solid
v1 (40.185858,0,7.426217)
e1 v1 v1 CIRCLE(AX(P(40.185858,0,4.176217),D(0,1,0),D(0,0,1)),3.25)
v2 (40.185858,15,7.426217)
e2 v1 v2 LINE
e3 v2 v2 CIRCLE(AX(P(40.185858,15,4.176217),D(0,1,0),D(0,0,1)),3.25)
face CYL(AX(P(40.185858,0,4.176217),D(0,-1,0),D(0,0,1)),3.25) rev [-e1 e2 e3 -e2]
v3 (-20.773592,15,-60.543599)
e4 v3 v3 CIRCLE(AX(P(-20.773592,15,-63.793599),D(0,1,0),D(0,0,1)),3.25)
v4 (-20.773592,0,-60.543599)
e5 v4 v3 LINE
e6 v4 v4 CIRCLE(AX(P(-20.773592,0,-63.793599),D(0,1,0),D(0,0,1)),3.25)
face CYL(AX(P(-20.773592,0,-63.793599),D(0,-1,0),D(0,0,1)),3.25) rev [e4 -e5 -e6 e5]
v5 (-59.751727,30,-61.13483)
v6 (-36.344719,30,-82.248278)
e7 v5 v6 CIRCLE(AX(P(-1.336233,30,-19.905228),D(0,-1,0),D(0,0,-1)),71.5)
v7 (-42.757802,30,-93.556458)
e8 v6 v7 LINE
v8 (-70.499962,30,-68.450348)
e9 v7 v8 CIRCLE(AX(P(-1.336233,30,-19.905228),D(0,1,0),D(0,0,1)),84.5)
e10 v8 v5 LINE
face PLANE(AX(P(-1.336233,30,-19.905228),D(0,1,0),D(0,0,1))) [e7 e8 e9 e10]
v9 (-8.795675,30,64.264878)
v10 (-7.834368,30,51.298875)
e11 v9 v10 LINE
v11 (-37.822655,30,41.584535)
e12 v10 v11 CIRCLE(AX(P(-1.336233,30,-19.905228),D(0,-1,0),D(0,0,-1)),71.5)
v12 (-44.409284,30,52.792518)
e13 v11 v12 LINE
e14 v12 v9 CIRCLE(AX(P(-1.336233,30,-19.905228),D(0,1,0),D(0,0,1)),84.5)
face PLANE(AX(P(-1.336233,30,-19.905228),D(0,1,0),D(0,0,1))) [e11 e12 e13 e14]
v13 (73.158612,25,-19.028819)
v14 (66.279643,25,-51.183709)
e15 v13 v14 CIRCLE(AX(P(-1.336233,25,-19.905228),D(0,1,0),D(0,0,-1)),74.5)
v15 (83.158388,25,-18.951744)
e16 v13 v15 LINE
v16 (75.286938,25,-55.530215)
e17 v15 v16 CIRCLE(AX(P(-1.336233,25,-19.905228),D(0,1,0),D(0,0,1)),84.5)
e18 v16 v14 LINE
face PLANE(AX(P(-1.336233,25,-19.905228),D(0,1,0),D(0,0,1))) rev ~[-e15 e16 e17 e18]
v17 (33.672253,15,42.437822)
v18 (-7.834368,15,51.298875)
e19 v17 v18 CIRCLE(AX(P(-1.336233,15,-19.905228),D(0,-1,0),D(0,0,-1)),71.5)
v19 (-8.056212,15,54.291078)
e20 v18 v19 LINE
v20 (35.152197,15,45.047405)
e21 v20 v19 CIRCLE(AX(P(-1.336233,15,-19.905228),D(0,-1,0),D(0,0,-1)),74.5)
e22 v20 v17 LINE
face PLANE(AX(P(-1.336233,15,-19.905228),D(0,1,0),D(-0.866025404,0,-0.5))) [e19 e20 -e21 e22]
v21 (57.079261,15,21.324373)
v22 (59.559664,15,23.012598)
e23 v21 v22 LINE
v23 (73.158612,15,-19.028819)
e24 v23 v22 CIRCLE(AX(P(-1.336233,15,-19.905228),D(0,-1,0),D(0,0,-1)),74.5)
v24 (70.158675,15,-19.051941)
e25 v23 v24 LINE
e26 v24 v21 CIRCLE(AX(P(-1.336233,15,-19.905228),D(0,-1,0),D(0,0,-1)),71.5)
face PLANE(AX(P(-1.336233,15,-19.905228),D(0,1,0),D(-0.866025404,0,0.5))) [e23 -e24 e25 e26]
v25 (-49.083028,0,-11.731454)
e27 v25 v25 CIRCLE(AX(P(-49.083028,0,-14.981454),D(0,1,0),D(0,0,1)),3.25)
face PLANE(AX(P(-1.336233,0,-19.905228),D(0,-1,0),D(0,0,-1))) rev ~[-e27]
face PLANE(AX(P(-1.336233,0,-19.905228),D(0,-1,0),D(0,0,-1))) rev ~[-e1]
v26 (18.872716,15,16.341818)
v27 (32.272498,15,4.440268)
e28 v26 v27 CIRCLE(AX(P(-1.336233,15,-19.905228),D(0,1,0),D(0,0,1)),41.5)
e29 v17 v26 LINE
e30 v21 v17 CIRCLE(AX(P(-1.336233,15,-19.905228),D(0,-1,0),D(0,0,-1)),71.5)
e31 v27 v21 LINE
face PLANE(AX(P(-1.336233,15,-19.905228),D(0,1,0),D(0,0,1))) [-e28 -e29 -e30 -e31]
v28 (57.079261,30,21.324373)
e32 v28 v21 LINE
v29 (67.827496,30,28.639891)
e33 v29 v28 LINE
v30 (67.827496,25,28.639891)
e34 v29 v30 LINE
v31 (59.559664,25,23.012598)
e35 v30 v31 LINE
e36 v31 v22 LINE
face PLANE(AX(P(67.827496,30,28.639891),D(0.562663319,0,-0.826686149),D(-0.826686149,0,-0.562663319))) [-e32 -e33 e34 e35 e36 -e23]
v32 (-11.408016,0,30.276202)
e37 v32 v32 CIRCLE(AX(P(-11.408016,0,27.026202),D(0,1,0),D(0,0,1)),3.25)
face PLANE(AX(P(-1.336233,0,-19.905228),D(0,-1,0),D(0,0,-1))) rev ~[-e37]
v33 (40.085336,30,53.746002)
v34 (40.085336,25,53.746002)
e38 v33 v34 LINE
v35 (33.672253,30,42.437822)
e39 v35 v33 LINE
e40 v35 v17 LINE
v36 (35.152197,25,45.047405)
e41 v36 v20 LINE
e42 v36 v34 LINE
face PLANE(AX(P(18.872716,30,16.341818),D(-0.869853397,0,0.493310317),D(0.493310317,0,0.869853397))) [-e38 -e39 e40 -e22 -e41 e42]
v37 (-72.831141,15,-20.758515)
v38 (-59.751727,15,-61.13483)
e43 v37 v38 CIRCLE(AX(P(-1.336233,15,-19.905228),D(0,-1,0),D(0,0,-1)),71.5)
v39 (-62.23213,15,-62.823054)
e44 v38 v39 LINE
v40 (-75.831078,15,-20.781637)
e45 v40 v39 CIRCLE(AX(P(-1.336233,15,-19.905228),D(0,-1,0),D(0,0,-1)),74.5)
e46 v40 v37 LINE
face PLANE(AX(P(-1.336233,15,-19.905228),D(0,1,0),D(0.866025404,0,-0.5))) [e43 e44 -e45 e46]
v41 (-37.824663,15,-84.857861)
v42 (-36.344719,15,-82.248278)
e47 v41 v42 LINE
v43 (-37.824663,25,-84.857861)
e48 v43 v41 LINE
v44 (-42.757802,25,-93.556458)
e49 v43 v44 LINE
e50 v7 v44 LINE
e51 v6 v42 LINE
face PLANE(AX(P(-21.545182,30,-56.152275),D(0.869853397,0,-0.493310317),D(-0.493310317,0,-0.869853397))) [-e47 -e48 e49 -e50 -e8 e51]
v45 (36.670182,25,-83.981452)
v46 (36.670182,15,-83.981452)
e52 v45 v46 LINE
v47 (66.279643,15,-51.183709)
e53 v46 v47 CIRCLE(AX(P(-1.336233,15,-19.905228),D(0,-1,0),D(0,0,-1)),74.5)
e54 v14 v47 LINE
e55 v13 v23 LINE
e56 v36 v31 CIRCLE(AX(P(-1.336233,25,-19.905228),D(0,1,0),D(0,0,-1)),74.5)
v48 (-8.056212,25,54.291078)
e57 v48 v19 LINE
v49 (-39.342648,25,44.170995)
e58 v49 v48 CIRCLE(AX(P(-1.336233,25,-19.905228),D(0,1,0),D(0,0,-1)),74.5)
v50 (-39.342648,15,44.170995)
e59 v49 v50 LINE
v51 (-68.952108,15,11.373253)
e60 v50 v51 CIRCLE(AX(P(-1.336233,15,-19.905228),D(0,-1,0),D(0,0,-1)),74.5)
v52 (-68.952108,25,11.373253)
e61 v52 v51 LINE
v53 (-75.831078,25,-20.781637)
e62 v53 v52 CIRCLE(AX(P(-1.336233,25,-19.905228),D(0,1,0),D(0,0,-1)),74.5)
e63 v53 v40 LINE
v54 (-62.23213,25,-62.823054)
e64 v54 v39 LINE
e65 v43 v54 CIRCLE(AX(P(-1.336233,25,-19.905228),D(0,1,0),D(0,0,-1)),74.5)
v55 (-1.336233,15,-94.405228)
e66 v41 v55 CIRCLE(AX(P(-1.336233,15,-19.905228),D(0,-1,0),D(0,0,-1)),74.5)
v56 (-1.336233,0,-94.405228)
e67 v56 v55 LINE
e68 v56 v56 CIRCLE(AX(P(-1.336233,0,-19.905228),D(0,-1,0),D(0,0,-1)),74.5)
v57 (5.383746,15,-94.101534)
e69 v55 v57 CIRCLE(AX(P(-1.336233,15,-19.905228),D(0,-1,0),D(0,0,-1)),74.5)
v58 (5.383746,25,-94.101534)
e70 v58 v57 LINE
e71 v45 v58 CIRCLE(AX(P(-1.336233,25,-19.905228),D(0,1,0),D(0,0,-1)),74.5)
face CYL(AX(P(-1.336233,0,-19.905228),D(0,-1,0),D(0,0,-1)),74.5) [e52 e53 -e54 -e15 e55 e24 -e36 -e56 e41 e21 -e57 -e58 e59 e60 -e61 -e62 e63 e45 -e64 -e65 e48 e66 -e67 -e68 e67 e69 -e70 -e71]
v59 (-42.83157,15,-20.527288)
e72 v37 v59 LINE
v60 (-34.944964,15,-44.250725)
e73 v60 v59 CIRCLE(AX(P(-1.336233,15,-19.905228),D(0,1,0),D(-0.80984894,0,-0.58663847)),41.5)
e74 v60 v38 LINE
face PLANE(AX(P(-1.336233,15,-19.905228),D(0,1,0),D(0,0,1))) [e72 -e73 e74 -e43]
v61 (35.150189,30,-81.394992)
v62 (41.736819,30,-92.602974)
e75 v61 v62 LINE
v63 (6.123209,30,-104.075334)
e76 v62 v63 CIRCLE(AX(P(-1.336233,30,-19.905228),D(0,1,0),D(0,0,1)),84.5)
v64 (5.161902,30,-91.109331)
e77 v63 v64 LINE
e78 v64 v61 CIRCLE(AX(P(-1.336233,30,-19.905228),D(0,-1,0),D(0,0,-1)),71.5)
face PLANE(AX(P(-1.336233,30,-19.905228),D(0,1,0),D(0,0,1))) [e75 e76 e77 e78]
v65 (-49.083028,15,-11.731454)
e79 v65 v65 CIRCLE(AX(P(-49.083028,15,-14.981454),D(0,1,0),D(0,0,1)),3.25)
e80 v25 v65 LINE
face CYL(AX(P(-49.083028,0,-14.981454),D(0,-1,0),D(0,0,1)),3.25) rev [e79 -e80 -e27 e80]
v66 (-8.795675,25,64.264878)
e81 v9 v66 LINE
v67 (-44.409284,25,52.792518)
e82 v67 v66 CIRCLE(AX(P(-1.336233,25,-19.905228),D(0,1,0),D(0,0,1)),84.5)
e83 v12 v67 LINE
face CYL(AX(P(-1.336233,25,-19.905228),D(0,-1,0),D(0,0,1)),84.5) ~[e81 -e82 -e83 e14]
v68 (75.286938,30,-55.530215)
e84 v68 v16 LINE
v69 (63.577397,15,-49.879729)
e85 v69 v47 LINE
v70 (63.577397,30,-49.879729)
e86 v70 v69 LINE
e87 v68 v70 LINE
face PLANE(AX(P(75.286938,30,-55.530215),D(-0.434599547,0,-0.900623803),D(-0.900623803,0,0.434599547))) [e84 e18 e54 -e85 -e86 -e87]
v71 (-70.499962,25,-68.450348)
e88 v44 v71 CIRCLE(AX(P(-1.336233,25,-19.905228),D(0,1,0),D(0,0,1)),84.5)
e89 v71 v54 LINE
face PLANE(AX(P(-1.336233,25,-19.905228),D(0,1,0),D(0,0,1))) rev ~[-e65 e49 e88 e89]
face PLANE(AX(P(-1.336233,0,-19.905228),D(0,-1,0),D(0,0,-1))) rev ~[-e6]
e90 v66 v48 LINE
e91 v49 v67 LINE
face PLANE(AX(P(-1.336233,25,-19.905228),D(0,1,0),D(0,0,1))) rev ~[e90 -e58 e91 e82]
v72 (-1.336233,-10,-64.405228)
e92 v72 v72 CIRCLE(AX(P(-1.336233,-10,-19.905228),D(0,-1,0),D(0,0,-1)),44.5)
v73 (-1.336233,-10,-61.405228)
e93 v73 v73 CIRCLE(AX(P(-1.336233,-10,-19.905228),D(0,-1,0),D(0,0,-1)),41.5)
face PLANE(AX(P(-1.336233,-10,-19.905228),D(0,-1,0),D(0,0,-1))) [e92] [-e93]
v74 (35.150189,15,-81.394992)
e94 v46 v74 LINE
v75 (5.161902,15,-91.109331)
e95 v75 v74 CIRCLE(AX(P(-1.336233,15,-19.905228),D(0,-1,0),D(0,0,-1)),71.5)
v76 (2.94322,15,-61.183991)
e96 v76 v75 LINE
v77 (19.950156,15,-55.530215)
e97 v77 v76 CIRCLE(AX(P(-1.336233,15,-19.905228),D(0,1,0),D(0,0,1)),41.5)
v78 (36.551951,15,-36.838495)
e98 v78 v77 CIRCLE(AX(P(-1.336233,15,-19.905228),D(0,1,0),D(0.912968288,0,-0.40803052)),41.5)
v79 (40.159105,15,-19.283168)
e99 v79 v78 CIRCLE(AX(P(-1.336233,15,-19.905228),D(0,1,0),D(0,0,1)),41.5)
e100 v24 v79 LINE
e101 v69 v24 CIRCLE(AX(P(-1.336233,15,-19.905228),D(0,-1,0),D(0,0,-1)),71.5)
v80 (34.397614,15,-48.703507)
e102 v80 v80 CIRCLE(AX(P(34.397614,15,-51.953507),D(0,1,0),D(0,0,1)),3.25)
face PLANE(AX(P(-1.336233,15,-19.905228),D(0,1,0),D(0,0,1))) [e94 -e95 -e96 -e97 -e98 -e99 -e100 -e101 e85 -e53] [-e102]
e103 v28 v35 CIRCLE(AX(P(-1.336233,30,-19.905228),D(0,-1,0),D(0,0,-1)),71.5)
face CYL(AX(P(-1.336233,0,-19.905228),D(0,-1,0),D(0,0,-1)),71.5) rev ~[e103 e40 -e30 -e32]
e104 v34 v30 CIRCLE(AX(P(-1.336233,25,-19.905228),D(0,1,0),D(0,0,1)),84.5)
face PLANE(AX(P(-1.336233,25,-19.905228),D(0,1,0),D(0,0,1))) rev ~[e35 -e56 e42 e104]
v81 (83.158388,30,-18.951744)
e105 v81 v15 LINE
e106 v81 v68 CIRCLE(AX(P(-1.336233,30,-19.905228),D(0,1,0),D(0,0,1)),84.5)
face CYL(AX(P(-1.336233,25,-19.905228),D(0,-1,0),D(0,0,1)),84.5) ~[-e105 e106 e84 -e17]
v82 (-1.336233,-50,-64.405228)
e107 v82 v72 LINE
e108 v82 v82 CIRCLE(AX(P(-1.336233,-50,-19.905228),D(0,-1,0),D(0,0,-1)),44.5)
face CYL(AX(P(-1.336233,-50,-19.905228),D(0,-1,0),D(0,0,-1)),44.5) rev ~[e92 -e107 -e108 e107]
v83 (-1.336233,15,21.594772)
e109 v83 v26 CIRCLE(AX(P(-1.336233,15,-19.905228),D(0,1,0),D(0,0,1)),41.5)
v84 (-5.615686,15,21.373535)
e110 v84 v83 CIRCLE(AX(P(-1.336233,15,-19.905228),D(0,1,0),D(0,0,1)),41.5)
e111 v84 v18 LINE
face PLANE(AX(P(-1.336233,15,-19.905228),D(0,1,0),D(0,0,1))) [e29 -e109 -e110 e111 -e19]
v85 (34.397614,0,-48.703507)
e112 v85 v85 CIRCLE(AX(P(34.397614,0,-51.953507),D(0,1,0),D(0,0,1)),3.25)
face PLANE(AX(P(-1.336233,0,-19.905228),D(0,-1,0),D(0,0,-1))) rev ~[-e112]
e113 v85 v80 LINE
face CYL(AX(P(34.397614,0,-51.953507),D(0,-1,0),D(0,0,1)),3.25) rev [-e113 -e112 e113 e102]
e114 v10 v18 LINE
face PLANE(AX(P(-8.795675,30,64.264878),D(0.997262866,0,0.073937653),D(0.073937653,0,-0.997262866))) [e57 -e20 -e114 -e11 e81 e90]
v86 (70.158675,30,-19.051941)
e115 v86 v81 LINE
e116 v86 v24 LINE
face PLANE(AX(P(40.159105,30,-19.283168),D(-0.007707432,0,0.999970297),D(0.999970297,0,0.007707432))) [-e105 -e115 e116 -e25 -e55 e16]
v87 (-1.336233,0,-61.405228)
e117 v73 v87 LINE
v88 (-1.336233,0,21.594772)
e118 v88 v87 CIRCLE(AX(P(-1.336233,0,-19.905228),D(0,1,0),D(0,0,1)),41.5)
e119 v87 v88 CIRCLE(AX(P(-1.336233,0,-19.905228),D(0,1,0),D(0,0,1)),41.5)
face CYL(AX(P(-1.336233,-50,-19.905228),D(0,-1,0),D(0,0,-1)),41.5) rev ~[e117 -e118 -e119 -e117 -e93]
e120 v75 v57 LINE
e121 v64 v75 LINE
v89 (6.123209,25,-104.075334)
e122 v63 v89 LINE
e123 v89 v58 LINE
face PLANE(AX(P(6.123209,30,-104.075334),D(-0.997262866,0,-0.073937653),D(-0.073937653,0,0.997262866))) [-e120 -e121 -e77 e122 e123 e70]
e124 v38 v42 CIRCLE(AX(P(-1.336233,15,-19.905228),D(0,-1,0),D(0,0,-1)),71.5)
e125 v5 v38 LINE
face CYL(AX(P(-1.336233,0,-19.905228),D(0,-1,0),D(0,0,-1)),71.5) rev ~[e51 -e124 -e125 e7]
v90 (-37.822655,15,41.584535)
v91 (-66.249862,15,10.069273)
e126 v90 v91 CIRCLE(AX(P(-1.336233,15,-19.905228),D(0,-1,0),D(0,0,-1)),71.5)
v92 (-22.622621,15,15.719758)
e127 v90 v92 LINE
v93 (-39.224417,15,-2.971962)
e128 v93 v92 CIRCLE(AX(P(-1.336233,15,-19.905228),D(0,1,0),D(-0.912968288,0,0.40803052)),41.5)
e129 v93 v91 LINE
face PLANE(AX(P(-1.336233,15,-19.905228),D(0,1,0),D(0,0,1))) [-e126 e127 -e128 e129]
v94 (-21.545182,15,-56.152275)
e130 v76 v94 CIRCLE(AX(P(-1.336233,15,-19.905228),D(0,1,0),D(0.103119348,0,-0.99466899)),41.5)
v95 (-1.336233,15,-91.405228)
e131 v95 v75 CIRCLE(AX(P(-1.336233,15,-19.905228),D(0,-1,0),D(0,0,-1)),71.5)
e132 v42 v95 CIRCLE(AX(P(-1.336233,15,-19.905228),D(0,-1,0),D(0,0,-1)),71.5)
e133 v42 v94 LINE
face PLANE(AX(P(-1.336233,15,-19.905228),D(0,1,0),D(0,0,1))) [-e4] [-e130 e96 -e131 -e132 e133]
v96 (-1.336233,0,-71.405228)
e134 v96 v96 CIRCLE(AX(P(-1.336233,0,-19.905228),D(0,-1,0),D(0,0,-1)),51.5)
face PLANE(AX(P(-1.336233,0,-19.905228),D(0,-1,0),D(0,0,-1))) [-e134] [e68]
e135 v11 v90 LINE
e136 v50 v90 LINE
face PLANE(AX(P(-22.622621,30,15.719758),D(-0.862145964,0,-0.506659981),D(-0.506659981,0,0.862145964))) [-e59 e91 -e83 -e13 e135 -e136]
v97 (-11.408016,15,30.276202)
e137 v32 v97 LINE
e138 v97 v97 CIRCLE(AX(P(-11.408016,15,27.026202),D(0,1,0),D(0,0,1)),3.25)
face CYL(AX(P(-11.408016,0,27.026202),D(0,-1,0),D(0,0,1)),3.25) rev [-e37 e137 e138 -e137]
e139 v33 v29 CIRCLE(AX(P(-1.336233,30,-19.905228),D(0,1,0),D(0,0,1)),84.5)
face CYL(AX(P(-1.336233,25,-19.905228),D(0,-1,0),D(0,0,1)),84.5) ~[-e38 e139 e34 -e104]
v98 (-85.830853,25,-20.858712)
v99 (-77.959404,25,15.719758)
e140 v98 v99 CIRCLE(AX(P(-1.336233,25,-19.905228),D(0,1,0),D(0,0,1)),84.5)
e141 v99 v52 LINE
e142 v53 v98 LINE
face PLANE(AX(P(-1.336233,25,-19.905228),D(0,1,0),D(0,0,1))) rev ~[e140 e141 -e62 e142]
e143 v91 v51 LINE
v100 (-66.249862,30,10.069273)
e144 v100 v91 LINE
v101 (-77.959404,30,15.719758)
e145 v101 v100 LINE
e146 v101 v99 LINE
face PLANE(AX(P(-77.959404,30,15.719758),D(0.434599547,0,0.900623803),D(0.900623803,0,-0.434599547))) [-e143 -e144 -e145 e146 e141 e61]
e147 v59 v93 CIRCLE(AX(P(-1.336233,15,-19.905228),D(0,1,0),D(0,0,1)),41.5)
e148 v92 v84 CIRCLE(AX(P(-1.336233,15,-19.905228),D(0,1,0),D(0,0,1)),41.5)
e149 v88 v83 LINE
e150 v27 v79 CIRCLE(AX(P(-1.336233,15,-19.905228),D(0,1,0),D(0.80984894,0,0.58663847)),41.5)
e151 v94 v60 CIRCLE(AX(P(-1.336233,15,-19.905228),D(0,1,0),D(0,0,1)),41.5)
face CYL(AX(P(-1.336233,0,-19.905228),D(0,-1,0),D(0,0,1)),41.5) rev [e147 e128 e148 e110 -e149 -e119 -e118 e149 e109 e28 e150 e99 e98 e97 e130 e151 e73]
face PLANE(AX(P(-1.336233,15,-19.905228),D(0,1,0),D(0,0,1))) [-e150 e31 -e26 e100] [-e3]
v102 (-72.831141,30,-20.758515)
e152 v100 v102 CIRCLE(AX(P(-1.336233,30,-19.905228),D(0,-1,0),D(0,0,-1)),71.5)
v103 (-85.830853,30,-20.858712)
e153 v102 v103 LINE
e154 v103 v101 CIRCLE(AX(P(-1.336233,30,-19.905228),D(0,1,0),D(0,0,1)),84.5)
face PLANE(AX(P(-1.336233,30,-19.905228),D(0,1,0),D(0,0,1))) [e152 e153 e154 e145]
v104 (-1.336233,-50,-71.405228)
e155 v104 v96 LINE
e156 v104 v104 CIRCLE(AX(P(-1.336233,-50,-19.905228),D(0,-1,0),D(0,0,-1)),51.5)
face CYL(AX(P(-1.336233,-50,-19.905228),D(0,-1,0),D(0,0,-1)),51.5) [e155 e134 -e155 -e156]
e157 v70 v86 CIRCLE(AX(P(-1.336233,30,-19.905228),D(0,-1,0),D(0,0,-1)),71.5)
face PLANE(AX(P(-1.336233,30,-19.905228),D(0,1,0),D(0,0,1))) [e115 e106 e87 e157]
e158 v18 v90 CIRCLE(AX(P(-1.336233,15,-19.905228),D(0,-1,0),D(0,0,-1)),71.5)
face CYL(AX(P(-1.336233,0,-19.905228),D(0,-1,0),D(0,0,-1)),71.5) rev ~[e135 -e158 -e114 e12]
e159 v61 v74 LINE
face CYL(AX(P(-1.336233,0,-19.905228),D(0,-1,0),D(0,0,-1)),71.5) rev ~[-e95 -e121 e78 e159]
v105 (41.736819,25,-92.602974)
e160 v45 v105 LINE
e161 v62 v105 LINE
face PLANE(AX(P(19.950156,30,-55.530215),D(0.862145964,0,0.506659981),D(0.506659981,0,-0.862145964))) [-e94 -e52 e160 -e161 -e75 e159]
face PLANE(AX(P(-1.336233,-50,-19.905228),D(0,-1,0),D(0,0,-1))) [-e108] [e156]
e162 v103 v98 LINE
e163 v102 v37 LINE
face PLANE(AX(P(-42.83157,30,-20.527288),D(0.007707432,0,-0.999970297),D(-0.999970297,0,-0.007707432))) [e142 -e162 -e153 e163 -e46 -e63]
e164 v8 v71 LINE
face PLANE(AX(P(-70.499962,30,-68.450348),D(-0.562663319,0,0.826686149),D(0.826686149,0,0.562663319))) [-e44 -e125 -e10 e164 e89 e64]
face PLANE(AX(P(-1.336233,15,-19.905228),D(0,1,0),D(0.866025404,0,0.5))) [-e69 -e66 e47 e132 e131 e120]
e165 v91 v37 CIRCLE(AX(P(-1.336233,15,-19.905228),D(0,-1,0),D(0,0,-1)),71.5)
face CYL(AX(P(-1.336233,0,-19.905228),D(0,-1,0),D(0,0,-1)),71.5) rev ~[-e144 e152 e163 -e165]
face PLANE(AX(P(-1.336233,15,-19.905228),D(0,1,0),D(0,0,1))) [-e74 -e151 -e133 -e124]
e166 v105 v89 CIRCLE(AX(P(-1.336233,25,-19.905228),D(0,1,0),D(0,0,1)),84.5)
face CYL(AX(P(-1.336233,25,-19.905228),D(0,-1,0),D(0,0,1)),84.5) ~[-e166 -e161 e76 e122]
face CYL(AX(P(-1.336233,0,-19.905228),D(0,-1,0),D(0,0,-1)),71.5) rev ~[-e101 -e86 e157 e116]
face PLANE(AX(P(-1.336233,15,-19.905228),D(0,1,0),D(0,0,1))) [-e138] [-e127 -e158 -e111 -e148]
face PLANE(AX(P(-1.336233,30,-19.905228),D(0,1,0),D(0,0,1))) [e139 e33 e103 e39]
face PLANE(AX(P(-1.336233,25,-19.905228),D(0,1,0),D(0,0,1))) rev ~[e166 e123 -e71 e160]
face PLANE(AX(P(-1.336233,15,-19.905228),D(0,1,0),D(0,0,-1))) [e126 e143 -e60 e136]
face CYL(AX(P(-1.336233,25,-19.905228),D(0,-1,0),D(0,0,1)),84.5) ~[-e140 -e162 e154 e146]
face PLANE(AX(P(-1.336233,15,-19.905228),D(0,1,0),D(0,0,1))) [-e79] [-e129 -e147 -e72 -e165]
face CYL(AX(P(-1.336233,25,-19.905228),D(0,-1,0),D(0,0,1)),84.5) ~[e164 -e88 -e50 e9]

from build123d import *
from build123d.topology import SkipClean

# Parameters (mm, degrees)
SKETCH1_R           = 71.5
SKETCH1_R_2         = 41.5
SKETCH1_R_3         = 3.25
BOSS_EXTRUDE1_DEPTH = 15
SKETCH3_R           = 74.5
SKETCH3_R_2         = 71.5
BOSS_EXTRUDE2_DEPTH = 30
BOSS_EXTRUDE3_START = -5
SKETCH4_R           = 84.5
SKETCH4_R_2         = 74.5
BOSS_EXTRUDE3_DEPTH = 5
BOSS_EXTRUDE4_START = 50
SKETCH5_R           = 51.5
SKETCH5_R_2         = 41.5
BOSS_EXTRUDE4_DEPTH = 50
SKETCH6_R           = 44.5
SKETCH6_R_2         = 41.5
CUT_EXTRUDE1_DEPTH  = 40
CUT_EXTRUDE3_REACH  = 159.061
CIRPATTERN1_COUNT   = 6


with BuildPart() as part:
    # Sketch1 → Boss-Extrude1 (new body)
    with BuildSketch(Plane(origin=(0, 0, 0), x_dir=(1, 0, 0), z_dir=(0, 1, 0))):
        with Locations(Location((-1.336232833, 19.905228099, 0), (0, 0, 270))):
            Circle(SKETCH1_R)
        with Locations(Location((-1.336232833, 19.905228099, 0), (0, 0, 270))):
            Circle(SKETCH1_R_2, mode=Mode.SUBTRACT)
        with Locations(Location((40.185857772, -4.176216869, 0), (0, 0, 270))):
            Circle(SKETCH1_R_3, mode=Mode.SUBTRACT)
        with Locations(Location((34.397613964, 51.953507196, 0), (0, 0, 270))):
            Circle(SKETCH1_R_3, mode=Mode.SUBTRACT)
        with Locations(Location((-20.773591569, 63.793598829, 0), (0, 0, 270))):
            Circle(SKETCH1_R_3, mode=Mode.SUBTRACT)
        with Locations(Location((-49.083027981, 14.981453825, 0), (0, 0, 270))):
            Circle(SKETCH1_R_3, mode=Mode.SUBTRACT)
        with Locations(Location((-11.408016353, -27.026202486, 0), (0, 0, 270))):
            Circle(SKETCH1_R_3, mode=Mode.SUBTRACT)
    extrude(amount=BOSS_EXTRUDE1_DEPTH)

    # Sketch3 → Boss-Extrude2 (add)
    with BuildSketch(Plane.XZ):
        with Locations(Location((-1.336232833, -19.905228099, 0), (0, 0, 270))):
            Circle(SKETCH3_R)
        with Locations(Location((-1.336232833, -19.905228099, 0), (0, 0, 270))):
            Circle(SKETCH3_R_2, mode=Mode.SUBTRACT)
    extrude(amount=-BOSS_EXTRUDE2_DEPTH)

    # Sketch4 → Boss-Extrude3 (add)
    with BuildSketch(Plane(origin=(0, 30, 0), x_dir=(1, 0, 0), z_dir=(0, 1, 0)).offset(BOSS_EXTRUDE3_START)):
        with Locations(Location((-1.336232833, 19.905228099, 0), (0, 0, 270))):
            Circle(SKETCH4_R)
        with Locations(Location((-1.336232833, 19.905228099, 0), (0, 0, 90))):
            Circle(SKETCH4_R_2, mode=Mode.SUBTRACT)
    extrude(amount=BOSS_EXTRUDE3_DEPTH)

    # Sketch5 → Boss-Extrude4 (add)
    with SkipClean():  # the faces are left unmerged after this step: merging them gives an invalid solid
        with BuildSketch(Plane.XZ.offset(BOSS_EXTRUDE4_START)):
            with Locations(Location((-1.336232833, -19.905228099, 0), (0, 0, 270))):
                Circle(SKETCH5_R)
            with Locations(Location((-1.336232833, -19.905228099, 0), (0, 0, 270))):
                Circle(SKETCH5_R_2, mode=Mode.SUBTRACT)
        extrude(amount=-BOSS_EXTRUDE4_DEPTH)

    # Sketch6 → Cut-Extrude1 (cut)
    with SkipClean():  # the faces are left unmerged after this step: merging them gives an invalid solid
        with BuildSketch(Plane.XZ.offset(50)):
            with Locations(Location((-1.336232833, -19.905228099, 0), (0, 0, 270))):
                Circle(SKETCH6_R)
            with Locations(Location((-1.336232833, -19.905228099, 0), (0, 0, 270))):
                Circle(SKETCH6_R_2, mode=Mode.SUBTRACT)
        extrude(amount=-CUT_EXTRUDE1_DEPTH, mode=Mode.SUBTRACT)

    # Cut-Extrude3: up to this face of the body (flat: up to its plane)
    cut_extrude3_end = Plane(part.part.faces().sort_by_distance((-1.336232833, 15, 49.572446507))[0])
    # Sketch7 → Cut-Extrude3 (cut, up to the picked face)
    with BuildSketch(Plane(origin=(0, 30, 0), x_dir=(1, 0, 0), z_dir=(0, 1, 0)), mode=Mode.PRIVATE) as cut_extrude3_sk1:
        with BuildLine():
            Line((19.950155792, 55.530214545), (41.736818688, 92.602973818))
            ThreePointArc((41.736818688, 92.602973818), (61.316730337, 76.60493009), (75.28693821, 55.530214545))
            Line((75.28693821, 55.530214545), (36.551951119, 36.83849467))
            ThreePointArc((36.551951119, 36.83849467), (29.69202216, 47.464208343), (19.950155792, 55.530214545))
        make_face()
    cut_extrude3_tool1 = split(extrude(cut_extrude3_sk1.sketch, amount=-CUT_EXTRUDE3_REACH, mode=Mode.PRIVATE), bisect_by=cut_extrude3_end, keep=Keep.BOTH, mode=Mode.PRIVATE)
    cut_extrude3 = cut_extrude3_tool1.solids().sort_by(Axis((46.525218, 30, -62.990875), (0, -1, 0)))[0]
    add(cut_extrude3, mode=Mode.SUBTRACT)

    # CirPattern1: Cut-Extrude3 ×6 about axis
    with SkipClean():  # the faces are left unmerged after this step: merging them gives an invalid solid
        cirpattern1_axis = Axis((-1.336232833, 0, -19.905228099), (0, 1, 0))
        for i in range(1, CIRPATTERN1_COUNT):
            add(cut_extrude3.rotate(cirpattern1_axis, i * 360 / CIRPATTERN1_COUNT), mode=Mode.SUBTRACT)


solid = part.part
